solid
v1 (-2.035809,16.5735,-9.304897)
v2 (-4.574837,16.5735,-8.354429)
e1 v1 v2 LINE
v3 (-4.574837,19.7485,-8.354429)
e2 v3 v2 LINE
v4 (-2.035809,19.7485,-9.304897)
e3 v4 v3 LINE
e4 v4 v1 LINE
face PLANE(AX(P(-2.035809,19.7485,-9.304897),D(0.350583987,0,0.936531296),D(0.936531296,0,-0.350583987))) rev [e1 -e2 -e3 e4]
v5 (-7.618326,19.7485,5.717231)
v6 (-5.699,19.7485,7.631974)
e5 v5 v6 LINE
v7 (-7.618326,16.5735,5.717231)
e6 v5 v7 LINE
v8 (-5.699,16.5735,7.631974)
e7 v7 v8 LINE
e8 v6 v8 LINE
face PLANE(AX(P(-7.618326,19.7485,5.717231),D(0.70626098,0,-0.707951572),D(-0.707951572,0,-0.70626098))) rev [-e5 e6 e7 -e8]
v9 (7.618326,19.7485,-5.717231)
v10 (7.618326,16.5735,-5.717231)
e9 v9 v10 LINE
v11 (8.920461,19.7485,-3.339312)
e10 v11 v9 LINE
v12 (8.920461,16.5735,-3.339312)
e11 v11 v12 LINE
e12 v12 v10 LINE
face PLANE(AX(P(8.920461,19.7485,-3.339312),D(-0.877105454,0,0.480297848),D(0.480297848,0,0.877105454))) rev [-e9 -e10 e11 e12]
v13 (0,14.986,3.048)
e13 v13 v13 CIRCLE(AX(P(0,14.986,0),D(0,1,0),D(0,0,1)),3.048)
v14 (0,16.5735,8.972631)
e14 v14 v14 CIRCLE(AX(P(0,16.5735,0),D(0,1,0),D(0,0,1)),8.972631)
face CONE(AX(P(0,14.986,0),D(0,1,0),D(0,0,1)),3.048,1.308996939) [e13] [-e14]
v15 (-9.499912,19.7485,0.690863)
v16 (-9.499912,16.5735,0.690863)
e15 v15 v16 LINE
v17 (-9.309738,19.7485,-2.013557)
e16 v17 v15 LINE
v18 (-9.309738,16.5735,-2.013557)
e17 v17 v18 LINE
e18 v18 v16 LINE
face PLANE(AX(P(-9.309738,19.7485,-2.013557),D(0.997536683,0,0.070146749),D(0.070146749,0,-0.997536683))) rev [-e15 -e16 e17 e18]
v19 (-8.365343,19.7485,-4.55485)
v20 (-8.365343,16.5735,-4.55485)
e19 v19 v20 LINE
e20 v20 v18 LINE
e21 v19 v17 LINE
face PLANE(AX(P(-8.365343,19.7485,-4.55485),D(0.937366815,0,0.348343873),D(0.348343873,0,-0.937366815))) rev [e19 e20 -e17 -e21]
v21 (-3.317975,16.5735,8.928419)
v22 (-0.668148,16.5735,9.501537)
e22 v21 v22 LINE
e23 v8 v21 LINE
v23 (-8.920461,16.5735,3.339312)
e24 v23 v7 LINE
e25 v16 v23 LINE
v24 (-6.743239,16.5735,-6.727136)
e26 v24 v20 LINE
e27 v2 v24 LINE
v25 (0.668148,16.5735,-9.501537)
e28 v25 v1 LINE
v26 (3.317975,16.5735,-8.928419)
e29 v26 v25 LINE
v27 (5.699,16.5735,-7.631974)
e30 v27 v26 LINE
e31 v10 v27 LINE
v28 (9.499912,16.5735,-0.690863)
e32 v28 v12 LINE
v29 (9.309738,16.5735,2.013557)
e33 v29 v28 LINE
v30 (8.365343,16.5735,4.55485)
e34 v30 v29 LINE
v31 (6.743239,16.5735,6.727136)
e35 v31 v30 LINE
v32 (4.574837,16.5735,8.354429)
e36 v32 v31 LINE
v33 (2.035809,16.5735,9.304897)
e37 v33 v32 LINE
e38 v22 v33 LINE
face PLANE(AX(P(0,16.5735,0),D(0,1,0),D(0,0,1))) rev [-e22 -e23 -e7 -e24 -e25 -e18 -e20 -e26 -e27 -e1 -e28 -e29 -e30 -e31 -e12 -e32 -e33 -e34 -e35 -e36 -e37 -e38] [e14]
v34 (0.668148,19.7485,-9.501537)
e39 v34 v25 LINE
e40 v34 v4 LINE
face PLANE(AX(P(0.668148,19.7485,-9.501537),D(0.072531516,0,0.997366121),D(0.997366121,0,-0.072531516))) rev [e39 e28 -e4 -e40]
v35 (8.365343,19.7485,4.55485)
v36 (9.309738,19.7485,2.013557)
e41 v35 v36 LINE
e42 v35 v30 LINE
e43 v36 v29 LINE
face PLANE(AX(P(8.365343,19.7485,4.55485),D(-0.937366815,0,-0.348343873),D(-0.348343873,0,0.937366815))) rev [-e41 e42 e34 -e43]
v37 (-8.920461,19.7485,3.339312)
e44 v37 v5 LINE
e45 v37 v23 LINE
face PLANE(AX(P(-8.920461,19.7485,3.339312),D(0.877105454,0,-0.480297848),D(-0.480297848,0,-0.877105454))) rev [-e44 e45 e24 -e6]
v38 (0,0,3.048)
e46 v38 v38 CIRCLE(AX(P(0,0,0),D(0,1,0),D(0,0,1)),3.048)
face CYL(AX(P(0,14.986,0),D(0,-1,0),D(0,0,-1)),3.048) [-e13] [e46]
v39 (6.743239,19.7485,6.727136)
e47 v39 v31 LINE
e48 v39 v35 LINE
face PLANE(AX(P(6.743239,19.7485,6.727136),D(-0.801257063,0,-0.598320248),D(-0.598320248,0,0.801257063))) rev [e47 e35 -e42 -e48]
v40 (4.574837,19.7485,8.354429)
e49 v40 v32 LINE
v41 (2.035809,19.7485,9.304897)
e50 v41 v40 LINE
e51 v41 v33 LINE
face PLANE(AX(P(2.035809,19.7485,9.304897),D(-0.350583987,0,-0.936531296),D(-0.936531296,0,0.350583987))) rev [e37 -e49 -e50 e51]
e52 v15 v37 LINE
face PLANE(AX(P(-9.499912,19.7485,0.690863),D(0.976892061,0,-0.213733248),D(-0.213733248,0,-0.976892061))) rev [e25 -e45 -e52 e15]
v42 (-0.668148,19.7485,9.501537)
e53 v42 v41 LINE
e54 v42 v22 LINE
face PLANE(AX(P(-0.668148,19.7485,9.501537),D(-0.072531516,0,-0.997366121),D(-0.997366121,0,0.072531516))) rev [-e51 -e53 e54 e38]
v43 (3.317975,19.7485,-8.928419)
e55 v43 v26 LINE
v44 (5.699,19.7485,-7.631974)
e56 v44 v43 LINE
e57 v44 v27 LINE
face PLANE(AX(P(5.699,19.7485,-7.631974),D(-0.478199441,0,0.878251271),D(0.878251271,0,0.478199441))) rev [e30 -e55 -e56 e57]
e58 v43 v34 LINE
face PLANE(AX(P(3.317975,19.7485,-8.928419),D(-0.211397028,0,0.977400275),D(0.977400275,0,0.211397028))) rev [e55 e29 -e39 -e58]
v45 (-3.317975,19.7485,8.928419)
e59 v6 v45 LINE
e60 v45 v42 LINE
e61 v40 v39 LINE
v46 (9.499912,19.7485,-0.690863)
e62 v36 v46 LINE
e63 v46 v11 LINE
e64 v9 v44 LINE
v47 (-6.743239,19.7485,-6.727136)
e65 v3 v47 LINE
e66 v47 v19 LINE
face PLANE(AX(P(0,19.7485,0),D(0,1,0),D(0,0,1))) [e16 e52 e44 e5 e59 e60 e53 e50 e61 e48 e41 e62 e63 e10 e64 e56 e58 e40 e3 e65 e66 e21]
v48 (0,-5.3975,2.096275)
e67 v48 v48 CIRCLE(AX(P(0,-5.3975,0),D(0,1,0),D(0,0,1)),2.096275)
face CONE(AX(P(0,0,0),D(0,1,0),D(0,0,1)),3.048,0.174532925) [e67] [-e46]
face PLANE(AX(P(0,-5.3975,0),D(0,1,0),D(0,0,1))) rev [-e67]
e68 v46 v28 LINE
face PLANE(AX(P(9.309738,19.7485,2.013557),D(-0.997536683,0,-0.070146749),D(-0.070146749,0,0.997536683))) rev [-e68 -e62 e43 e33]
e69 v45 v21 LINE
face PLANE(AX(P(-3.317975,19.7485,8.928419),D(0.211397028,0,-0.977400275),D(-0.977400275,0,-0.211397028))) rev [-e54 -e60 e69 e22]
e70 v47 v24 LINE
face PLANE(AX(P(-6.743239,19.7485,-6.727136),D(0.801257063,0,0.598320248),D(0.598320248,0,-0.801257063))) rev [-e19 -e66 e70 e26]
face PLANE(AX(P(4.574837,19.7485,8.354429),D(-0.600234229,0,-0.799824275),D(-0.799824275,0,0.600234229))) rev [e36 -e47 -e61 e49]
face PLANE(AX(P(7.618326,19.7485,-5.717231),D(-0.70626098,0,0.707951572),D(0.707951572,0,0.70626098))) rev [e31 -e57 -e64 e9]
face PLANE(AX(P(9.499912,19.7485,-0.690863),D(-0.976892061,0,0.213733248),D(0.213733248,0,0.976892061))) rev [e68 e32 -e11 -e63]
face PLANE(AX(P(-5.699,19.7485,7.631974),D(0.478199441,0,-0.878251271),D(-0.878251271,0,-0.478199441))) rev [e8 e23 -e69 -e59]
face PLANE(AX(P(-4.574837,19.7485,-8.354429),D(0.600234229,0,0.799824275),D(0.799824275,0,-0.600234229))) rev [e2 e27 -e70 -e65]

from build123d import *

# Parameters (mm, degrees)
SKETCH1_R           = 3.048
BOSS_EXTRUDE1_DEPTH = 5.3975
BOSS_EXTRUDE1_DRAFT = -10
SKETCH3_R           = 3.048
BOSS_EXTRUDE2_DEPTH = 14.986
SKETCH4_R           = 3.048
BOSS_EXTRUDE3_DEPTH = 1.5875
BOSS_EXTRUDE3_DRAFT = -75
BOSS_EXTRUDE5_DEPTH = 3.175


with BuildPart() as part:
    # Sketch1 → Boss-Extrude1 (with draft: the straight prism first)
    with BuildSketch(Plane(origin=(0, 0, 0), x_dir=(1, 0, 0), z_dir=(0, 1, 0))):
        Circle(SKETCH1_R)
    extrude(amount=-BOSS_EXTRUDE1_DEPTH)
    # Boss-Extrude1: the draft: its side faces are tilted about the plane it starts from
    boss_extrude1_sides = [part.faces().sort_by_distance(p)[0] for p in [
        (-3.048, -2.69875, 0),
    ]]
    draft(boss_extrude1_sides, Plane(origin=(0, 0, 0), x_dir=(1, 0, 0), z_dir=(0, 1, 0)), BOSS_EXTRUDE1_DRAFT)

    # Sketch3 → Boss-Extrude2 (add)
    with BuildSketch(Plane(origin=(0, 0, 0), x_dir=(1, 0, 0), z_dir=(0, 1, 0))):
        with Locations(Location((0, 0, 0), (0, 0, 270))):
            Circle(SKETCH3_R)
    extrude(amount=BOSS_EXTRUDE2_DEPTH)


with BuildPart() as boss_extrude3_tool:
    # Sketch4 → Boss-Extrude3 (with draft: the straight prism first)
    with BuildSketch(Plane(origin=(0, 14.986, 0), x_dir=(1, 0, 0), z_dir=(0, 1, 0))):
        with Locations(Location((0, 0, 0), (0, 0, 270))):
            Circle(SKETCH4_R)
    extrude(amount=BOSS_EXTRUDE3_DEPTH)
    # Boss-Extrude3: the draft: its side faces are tilted about the plane it starts from
    boss_extrude3_sides = [boss_extrude3_tool.faces().sort_by_distance(p)[0] for p in [
        (0, 15.77975, -3.048),
    ]]
    draft(boss_extrude3_sides, Plane(origin=(0, 14.986, 0), x_dir=(1, 0, 0), z_dir=(0, 1, 0)), BOSS_EXTRUDE3_DRAFT)


with BuildPart() as part_1:
    add(part.part)

    # Boss-Extrude3: add boss_extrude3_tool
    add(boss_extrude3_tool.part)

    # Sketch6 → Boss-Extrude5 (add)
    with BuildSketch(Plane(origin=(0, 16.5735, 0), x_dir=(1, 0, 0), z_dir=(0, 1, 0))):
        Polygon((3.317975387, 8.928418916), (0.66814778, 9.501536904), (-2.035809185, 9.304896881), (-4.574836998, 8.35442945), (-6.743238725, 6.727135831), (-8.365343354, 4.554849675), (-9.309737615, 2.013556687), (-9.499912302, -0.690862688), (-8.920460592, -3.339312478), (-7.618326217, -5.71723103), (-5.69900036, -7.631973526), (-3.317975387, -8.928418916), (-0.66814778, -9.501536904), (2.035809185, -9.304896881), (4.574836998, -8.35442945), (6.743238725, -6.727135831), (8.365343354, -4.554849675), (9.309737615, -2.013556687), (9.499912302, 0.690862688), (8.920460592, 3.339312478), (7.618326217, 5.71723103), (5.69900036, 7.631973526), align=None)
    extrude(amount=BOSS_EXTRUDE5_DEPTH)


solid = part_1.part
